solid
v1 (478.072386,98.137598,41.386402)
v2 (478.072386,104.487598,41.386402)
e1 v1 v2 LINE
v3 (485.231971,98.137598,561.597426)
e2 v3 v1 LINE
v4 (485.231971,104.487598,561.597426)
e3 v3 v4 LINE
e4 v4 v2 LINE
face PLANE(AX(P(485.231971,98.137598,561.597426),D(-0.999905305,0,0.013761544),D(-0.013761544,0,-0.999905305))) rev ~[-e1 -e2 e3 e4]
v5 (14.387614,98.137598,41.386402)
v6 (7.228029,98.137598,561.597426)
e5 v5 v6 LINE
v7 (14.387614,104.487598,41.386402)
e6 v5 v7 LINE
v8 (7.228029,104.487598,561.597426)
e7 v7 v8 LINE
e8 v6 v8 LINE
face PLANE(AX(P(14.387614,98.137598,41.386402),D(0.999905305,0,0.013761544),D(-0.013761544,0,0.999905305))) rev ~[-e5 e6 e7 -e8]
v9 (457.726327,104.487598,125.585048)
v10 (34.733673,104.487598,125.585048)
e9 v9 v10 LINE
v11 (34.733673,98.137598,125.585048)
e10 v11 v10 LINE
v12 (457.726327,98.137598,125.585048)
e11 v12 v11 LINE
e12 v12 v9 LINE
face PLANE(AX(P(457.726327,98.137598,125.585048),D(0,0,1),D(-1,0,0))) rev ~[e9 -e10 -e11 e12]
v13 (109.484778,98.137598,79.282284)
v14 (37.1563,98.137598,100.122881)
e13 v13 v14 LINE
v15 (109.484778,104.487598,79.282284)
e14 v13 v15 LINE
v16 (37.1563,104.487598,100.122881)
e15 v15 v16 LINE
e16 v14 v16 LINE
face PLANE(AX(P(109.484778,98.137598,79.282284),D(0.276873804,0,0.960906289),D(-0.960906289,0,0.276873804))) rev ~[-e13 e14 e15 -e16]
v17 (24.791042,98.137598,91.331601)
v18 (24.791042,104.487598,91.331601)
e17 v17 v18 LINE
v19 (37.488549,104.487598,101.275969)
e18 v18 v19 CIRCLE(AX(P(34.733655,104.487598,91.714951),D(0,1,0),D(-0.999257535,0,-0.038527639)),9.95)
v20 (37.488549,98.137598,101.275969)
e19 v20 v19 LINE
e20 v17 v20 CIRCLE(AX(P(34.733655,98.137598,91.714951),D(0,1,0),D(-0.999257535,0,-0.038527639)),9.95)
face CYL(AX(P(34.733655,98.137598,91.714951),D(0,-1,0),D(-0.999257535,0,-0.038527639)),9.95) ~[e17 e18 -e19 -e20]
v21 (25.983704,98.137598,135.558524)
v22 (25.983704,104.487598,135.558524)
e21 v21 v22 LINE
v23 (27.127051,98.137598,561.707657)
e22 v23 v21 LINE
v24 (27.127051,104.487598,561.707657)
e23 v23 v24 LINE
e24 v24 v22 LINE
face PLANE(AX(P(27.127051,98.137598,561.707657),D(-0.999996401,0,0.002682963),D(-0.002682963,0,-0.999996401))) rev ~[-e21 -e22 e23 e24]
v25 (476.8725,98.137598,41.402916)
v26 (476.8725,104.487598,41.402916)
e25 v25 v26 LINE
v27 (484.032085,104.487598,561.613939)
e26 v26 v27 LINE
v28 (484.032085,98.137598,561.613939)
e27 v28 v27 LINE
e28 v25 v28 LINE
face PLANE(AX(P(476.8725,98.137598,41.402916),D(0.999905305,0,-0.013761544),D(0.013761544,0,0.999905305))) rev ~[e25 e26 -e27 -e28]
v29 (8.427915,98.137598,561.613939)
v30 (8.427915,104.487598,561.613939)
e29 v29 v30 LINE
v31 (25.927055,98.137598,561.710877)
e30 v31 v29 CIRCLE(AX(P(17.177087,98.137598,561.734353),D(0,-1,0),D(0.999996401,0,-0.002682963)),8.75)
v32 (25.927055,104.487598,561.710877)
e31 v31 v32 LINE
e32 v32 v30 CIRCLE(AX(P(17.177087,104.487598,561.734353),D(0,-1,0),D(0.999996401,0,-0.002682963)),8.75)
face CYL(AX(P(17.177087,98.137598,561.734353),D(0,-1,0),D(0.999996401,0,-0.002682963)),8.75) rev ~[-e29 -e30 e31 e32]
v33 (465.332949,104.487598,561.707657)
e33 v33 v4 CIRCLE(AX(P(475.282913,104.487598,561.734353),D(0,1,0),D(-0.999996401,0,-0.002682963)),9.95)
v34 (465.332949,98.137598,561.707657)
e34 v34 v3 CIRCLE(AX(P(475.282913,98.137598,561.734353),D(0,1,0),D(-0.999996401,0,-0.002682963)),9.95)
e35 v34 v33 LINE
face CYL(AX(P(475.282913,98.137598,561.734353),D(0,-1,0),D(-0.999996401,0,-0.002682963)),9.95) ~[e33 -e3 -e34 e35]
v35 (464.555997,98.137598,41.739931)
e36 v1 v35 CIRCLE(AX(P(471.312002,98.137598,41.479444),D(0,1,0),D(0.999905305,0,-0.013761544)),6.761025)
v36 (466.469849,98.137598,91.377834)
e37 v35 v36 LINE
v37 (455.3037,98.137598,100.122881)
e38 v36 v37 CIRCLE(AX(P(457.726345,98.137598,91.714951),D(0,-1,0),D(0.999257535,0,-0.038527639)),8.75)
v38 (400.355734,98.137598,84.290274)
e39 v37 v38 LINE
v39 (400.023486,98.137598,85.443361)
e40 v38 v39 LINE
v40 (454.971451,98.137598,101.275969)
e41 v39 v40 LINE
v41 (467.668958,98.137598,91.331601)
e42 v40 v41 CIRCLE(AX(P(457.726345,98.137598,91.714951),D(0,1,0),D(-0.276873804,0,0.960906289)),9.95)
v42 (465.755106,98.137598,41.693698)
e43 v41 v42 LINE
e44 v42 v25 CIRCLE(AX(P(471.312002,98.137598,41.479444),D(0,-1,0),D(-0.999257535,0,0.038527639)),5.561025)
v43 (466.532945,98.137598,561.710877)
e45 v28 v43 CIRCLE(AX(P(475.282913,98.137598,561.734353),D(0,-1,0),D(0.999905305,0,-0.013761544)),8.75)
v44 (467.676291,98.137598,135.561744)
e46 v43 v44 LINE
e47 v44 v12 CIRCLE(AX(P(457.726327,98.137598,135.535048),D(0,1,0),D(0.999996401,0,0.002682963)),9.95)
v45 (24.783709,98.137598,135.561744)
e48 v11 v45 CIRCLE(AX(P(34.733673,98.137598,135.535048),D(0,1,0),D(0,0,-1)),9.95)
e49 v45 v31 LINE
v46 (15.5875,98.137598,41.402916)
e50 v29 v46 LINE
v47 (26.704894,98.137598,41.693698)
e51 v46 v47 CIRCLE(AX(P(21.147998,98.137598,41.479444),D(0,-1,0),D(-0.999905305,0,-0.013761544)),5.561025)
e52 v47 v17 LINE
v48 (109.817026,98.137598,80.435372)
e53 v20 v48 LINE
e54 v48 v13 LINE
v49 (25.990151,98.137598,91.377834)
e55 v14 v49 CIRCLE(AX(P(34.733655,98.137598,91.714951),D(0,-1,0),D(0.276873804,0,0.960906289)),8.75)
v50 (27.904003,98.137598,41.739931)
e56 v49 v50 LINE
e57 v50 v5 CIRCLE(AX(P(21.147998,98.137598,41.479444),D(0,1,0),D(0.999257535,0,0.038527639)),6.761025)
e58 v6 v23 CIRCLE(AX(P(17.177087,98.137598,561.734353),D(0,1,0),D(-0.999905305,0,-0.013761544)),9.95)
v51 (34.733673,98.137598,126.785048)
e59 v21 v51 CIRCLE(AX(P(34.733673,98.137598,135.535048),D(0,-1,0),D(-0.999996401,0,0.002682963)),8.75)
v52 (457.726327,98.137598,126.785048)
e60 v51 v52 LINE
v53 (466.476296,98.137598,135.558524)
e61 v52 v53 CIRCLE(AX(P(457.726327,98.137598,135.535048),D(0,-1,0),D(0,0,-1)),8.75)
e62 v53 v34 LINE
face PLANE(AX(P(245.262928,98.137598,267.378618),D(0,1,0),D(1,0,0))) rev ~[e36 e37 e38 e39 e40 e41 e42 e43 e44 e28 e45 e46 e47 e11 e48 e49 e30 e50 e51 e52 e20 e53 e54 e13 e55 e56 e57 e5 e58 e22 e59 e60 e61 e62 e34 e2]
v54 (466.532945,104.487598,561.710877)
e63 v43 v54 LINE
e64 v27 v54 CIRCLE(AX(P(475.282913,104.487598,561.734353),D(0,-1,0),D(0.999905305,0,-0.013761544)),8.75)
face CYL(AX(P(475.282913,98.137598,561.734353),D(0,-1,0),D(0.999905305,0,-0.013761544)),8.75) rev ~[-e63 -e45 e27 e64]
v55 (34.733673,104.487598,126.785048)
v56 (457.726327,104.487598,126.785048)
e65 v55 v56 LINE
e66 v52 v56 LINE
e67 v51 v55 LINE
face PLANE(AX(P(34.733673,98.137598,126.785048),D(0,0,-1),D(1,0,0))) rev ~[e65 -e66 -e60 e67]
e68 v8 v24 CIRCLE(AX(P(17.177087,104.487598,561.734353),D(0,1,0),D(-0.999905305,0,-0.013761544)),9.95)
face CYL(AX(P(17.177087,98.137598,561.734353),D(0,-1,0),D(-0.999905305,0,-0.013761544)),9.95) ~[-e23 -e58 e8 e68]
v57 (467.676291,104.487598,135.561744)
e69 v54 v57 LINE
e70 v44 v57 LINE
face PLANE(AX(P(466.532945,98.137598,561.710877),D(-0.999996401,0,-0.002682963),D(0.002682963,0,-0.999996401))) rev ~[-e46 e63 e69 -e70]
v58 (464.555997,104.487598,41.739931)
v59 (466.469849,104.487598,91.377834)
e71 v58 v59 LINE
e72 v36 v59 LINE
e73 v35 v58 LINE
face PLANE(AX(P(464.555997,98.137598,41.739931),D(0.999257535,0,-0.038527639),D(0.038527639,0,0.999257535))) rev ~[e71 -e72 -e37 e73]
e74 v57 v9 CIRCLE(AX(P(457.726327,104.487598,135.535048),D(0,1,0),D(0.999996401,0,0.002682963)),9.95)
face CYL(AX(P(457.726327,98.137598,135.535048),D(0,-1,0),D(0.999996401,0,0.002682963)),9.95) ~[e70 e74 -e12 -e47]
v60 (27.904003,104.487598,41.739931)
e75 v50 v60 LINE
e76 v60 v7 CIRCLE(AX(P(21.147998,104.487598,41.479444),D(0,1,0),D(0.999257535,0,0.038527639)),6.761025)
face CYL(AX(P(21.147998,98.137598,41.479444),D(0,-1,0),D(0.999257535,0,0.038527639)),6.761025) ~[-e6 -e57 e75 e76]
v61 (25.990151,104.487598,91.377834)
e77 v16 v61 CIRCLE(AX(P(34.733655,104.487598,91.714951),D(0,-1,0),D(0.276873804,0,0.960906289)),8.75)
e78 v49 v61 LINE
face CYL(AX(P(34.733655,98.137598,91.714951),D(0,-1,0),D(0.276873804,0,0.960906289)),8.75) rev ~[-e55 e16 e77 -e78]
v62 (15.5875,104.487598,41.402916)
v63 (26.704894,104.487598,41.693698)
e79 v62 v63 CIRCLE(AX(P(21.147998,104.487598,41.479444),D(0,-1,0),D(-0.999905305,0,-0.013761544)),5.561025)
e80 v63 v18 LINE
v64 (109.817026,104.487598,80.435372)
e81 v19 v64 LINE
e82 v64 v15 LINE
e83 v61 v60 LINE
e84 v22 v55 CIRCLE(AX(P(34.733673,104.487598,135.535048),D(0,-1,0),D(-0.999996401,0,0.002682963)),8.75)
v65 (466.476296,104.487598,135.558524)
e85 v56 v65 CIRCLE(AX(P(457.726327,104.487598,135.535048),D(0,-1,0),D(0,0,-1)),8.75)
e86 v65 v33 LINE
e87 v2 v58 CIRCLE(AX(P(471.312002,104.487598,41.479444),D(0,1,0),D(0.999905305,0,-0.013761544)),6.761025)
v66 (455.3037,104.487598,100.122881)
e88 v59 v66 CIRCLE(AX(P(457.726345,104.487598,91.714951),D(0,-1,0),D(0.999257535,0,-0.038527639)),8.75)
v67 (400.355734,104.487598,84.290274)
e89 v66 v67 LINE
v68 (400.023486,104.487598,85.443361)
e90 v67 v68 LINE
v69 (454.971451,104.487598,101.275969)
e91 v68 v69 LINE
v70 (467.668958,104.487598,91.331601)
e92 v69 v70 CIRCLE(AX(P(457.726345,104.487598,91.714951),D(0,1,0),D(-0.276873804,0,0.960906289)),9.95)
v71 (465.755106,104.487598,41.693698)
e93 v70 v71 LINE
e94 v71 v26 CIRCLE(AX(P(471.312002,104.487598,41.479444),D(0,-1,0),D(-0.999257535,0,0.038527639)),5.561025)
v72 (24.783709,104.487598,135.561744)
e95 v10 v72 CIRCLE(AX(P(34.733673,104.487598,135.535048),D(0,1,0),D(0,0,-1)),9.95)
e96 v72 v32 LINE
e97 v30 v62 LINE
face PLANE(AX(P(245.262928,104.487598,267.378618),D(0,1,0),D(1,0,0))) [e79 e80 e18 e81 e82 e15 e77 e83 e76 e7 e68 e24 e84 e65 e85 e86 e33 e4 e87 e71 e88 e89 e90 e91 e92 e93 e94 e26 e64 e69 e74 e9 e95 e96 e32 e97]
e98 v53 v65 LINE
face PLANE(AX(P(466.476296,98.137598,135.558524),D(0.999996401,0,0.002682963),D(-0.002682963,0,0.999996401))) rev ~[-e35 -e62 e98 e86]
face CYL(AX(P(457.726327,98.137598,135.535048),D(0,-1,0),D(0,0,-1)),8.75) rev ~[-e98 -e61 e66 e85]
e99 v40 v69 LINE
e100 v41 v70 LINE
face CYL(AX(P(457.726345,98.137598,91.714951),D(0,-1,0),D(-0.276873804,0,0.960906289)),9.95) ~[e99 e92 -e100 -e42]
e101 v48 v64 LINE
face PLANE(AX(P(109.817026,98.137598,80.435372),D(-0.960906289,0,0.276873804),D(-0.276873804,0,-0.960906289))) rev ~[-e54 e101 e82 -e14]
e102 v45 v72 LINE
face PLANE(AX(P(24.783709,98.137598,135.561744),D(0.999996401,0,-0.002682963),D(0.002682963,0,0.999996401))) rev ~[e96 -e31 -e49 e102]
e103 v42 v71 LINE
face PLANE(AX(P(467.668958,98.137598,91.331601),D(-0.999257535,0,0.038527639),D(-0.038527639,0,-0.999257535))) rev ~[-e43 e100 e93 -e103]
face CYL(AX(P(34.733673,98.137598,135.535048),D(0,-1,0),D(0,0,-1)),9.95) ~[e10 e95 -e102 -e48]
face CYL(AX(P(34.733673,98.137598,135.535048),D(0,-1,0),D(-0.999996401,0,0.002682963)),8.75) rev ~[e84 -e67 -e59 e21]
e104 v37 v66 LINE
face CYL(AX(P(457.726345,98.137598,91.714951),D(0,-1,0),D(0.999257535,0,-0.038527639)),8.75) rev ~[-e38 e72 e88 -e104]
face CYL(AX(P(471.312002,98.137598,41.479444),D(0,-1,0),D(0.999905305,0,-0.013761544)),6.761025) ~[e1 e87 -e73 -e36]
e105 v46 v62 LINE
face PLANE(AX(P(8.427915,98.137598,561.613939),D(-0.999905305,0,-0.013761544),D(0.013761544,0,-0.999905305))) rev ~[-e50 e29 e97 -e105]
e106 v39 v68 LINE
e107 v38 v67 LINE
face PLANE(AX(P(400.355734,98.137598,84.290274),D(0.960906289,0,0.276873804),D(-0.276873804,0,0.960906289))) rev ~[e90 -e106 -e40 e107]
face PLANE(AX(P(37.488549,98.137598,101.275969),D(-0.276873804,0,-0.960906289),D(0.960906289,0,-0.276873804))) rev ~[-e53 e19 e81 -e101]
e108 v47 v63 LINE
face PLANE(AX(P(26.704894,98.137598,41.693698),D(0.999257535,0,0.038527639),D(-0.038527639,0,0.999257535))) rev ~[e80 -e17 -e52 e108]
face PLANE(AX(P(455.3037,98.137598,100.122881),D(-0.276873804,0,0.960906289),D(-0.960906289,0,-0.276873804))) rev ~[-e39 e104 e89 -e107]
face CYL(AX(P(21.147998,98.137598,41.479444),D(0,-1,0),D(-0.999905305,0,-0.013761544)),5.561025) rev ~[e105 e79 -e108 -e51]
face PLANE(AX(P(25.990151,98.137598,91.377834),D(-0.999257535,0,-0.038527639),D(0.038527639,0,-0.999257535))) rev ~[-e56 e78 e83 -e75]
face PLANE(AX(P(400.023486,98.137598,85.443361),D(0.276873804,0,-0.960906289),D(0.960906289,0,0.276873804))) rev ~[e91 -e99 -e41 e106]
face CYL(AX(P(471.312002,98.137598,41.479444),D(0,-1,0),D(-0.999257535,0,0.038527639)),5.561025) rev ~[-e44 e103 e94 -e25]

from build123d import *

# Parameters (mm, degrees)
EXTRUDE_THIN1_START = 98.137598
EXTRUDE_THIN1_DEPTH = 6.35


with BuildPart() as part:
    # Sketch1 → Extrude-Thin1 (new body)
    with BuildSketch(Plane(origin=(0, 0, 0), x_dir=(1, 0, 0), z_dir=(0, 1, 0)).offset(EXTRUDE_THIN1_START)):
        with BuildLine():
            Line((400.023485906, -85.443361152), (454.971450984, -101.27596863))
            ThreePointArc((454.971450984, -101.27596863), (463.861362415, -99.548472953), (467.668957804, -91.331601045))
            Line((467.668957804, -91.331601045), (465.755105618, -41.69369751))
            ThreePointArc((465.755105618, -41.69369751), (471.16659983, -35.920320597), (476.872500072, -41.402916061))
            Line((476.872500072, -41.402916061), (484.032084809, -561.613939409))
            ThreePointArc((484.032084809, -561.613939409), (475.331383816, -570.484218666), (466.532944878, -561.710876992))
            Line((466.532944878, -561.710876992), (467.676291292, -135.561743547))
            ThreePointArc((467.676291292, -135.561743547), (464.771471532, -128.508780211), (457.726327103, -125.585048067))
            Line((457.726327103, -125.585048067), (217.954761626, -125.585048067))
            Line((217.954761626, -125.585048067), (34.733672902, -125.585048067))
            ThreePointArc((34.733672902, -125.585048067), (27.688528473, -128.508780211), (24.783708713, -135.561743547))
            Line((24.783708713, -135.561743547), (25.927055127, -561.710876992))
            ThreePointArc((25.927055127, -561.710876992), (17.128616189, -570.484218666), (8.427915196, -561.613939409))
            Line((8.427915196, -561.613939409), (15.587499933, -41.402916061))
            ThreePointArc((15.587499933, -41.402916061), (21.293400175, -35.920320597), (26.704894387, -41.69369751))
            Line((26.704894387, -41.69369751), (24.791042201, -91.331601045))
            ThreePointArc((24.791042201, -91.331601045), (28.59863759, -99.548472953), (37.488549021, -101.27596863))
            Line((37.488549021, -101.27596863), (109.817026065, -80.435371805))
            Line((109.817026065, -80.435371805), (109.4847775, -79.282284258))
            Line((109.4847775, -79.282284258), (37.156300457, -100.122881082))
            ThreePointArc((37.156300457, -100.122881082), (29.338539147, -98.603726593), (25.990151243, -91.377834212))
            Line((25.990151243, -91.377834212), (27.904003429, -41.739930677))
            ThreePointArc((27.904003429, -41.739930677), (21.324776092, -34.720730854), (14.387613566, -41.386402209))
            Line((14.387613566, -41.386402209), (7.22802883, -561.597425557))
            ThreePointArc((7.22802883, -561.597425557), (17.121968816, -571.684200254), (27.127050808, -561.707657437))
            Line((27.127050808, -561.707657437), (25.983704394, -135.558523992))
            ThreePointArc((25.983704394, -135.558523992), (28.538194133, -129.356169299), (34.733672902, -126.785048067))
            Line((34.733672902, -126.785048067), (217.954761626, -126.785048067))
            Line((217.954761626, -126.785048067), (457.726327103, -126.785048067))
            ThreePointArc((457.726327103, -126.785048067), (463.921805872, -129.356169299), (466.476295611, -135.558523992))
            Line((466.476295611, -135.558523992), (465.332949197, -561.707657437))
            ThreePointArc((465.332949197, -561.707657437), (475.338031189, -571.684200254), (485.231971175, -561.597425557))
            Line((485.231971175, -561.597425557), (478.072386439, -41.386402209))
            ThreePointArc((478.072386439, -41.386402209), (471.135223913, -34.720730854), (464.555996576, -41.739930677))
            Line((464.555996576, -41.739930677), (466.469848762, -91.377834212))
            ThreePointArc((466.469848762, -91.377834212), (463.121460857, -98.603726593), (455.303699548, -100.122881082))
            Line((455.303699548, -100.122881082), (400.355734471, -84.290273604))
            Line((400.355734471, -84.290273604), (400.023485906, -85.443361152))
        make_face()
    extrude(amount=EXTRUDE_THIN1_DEPTH)


solid = part.part
